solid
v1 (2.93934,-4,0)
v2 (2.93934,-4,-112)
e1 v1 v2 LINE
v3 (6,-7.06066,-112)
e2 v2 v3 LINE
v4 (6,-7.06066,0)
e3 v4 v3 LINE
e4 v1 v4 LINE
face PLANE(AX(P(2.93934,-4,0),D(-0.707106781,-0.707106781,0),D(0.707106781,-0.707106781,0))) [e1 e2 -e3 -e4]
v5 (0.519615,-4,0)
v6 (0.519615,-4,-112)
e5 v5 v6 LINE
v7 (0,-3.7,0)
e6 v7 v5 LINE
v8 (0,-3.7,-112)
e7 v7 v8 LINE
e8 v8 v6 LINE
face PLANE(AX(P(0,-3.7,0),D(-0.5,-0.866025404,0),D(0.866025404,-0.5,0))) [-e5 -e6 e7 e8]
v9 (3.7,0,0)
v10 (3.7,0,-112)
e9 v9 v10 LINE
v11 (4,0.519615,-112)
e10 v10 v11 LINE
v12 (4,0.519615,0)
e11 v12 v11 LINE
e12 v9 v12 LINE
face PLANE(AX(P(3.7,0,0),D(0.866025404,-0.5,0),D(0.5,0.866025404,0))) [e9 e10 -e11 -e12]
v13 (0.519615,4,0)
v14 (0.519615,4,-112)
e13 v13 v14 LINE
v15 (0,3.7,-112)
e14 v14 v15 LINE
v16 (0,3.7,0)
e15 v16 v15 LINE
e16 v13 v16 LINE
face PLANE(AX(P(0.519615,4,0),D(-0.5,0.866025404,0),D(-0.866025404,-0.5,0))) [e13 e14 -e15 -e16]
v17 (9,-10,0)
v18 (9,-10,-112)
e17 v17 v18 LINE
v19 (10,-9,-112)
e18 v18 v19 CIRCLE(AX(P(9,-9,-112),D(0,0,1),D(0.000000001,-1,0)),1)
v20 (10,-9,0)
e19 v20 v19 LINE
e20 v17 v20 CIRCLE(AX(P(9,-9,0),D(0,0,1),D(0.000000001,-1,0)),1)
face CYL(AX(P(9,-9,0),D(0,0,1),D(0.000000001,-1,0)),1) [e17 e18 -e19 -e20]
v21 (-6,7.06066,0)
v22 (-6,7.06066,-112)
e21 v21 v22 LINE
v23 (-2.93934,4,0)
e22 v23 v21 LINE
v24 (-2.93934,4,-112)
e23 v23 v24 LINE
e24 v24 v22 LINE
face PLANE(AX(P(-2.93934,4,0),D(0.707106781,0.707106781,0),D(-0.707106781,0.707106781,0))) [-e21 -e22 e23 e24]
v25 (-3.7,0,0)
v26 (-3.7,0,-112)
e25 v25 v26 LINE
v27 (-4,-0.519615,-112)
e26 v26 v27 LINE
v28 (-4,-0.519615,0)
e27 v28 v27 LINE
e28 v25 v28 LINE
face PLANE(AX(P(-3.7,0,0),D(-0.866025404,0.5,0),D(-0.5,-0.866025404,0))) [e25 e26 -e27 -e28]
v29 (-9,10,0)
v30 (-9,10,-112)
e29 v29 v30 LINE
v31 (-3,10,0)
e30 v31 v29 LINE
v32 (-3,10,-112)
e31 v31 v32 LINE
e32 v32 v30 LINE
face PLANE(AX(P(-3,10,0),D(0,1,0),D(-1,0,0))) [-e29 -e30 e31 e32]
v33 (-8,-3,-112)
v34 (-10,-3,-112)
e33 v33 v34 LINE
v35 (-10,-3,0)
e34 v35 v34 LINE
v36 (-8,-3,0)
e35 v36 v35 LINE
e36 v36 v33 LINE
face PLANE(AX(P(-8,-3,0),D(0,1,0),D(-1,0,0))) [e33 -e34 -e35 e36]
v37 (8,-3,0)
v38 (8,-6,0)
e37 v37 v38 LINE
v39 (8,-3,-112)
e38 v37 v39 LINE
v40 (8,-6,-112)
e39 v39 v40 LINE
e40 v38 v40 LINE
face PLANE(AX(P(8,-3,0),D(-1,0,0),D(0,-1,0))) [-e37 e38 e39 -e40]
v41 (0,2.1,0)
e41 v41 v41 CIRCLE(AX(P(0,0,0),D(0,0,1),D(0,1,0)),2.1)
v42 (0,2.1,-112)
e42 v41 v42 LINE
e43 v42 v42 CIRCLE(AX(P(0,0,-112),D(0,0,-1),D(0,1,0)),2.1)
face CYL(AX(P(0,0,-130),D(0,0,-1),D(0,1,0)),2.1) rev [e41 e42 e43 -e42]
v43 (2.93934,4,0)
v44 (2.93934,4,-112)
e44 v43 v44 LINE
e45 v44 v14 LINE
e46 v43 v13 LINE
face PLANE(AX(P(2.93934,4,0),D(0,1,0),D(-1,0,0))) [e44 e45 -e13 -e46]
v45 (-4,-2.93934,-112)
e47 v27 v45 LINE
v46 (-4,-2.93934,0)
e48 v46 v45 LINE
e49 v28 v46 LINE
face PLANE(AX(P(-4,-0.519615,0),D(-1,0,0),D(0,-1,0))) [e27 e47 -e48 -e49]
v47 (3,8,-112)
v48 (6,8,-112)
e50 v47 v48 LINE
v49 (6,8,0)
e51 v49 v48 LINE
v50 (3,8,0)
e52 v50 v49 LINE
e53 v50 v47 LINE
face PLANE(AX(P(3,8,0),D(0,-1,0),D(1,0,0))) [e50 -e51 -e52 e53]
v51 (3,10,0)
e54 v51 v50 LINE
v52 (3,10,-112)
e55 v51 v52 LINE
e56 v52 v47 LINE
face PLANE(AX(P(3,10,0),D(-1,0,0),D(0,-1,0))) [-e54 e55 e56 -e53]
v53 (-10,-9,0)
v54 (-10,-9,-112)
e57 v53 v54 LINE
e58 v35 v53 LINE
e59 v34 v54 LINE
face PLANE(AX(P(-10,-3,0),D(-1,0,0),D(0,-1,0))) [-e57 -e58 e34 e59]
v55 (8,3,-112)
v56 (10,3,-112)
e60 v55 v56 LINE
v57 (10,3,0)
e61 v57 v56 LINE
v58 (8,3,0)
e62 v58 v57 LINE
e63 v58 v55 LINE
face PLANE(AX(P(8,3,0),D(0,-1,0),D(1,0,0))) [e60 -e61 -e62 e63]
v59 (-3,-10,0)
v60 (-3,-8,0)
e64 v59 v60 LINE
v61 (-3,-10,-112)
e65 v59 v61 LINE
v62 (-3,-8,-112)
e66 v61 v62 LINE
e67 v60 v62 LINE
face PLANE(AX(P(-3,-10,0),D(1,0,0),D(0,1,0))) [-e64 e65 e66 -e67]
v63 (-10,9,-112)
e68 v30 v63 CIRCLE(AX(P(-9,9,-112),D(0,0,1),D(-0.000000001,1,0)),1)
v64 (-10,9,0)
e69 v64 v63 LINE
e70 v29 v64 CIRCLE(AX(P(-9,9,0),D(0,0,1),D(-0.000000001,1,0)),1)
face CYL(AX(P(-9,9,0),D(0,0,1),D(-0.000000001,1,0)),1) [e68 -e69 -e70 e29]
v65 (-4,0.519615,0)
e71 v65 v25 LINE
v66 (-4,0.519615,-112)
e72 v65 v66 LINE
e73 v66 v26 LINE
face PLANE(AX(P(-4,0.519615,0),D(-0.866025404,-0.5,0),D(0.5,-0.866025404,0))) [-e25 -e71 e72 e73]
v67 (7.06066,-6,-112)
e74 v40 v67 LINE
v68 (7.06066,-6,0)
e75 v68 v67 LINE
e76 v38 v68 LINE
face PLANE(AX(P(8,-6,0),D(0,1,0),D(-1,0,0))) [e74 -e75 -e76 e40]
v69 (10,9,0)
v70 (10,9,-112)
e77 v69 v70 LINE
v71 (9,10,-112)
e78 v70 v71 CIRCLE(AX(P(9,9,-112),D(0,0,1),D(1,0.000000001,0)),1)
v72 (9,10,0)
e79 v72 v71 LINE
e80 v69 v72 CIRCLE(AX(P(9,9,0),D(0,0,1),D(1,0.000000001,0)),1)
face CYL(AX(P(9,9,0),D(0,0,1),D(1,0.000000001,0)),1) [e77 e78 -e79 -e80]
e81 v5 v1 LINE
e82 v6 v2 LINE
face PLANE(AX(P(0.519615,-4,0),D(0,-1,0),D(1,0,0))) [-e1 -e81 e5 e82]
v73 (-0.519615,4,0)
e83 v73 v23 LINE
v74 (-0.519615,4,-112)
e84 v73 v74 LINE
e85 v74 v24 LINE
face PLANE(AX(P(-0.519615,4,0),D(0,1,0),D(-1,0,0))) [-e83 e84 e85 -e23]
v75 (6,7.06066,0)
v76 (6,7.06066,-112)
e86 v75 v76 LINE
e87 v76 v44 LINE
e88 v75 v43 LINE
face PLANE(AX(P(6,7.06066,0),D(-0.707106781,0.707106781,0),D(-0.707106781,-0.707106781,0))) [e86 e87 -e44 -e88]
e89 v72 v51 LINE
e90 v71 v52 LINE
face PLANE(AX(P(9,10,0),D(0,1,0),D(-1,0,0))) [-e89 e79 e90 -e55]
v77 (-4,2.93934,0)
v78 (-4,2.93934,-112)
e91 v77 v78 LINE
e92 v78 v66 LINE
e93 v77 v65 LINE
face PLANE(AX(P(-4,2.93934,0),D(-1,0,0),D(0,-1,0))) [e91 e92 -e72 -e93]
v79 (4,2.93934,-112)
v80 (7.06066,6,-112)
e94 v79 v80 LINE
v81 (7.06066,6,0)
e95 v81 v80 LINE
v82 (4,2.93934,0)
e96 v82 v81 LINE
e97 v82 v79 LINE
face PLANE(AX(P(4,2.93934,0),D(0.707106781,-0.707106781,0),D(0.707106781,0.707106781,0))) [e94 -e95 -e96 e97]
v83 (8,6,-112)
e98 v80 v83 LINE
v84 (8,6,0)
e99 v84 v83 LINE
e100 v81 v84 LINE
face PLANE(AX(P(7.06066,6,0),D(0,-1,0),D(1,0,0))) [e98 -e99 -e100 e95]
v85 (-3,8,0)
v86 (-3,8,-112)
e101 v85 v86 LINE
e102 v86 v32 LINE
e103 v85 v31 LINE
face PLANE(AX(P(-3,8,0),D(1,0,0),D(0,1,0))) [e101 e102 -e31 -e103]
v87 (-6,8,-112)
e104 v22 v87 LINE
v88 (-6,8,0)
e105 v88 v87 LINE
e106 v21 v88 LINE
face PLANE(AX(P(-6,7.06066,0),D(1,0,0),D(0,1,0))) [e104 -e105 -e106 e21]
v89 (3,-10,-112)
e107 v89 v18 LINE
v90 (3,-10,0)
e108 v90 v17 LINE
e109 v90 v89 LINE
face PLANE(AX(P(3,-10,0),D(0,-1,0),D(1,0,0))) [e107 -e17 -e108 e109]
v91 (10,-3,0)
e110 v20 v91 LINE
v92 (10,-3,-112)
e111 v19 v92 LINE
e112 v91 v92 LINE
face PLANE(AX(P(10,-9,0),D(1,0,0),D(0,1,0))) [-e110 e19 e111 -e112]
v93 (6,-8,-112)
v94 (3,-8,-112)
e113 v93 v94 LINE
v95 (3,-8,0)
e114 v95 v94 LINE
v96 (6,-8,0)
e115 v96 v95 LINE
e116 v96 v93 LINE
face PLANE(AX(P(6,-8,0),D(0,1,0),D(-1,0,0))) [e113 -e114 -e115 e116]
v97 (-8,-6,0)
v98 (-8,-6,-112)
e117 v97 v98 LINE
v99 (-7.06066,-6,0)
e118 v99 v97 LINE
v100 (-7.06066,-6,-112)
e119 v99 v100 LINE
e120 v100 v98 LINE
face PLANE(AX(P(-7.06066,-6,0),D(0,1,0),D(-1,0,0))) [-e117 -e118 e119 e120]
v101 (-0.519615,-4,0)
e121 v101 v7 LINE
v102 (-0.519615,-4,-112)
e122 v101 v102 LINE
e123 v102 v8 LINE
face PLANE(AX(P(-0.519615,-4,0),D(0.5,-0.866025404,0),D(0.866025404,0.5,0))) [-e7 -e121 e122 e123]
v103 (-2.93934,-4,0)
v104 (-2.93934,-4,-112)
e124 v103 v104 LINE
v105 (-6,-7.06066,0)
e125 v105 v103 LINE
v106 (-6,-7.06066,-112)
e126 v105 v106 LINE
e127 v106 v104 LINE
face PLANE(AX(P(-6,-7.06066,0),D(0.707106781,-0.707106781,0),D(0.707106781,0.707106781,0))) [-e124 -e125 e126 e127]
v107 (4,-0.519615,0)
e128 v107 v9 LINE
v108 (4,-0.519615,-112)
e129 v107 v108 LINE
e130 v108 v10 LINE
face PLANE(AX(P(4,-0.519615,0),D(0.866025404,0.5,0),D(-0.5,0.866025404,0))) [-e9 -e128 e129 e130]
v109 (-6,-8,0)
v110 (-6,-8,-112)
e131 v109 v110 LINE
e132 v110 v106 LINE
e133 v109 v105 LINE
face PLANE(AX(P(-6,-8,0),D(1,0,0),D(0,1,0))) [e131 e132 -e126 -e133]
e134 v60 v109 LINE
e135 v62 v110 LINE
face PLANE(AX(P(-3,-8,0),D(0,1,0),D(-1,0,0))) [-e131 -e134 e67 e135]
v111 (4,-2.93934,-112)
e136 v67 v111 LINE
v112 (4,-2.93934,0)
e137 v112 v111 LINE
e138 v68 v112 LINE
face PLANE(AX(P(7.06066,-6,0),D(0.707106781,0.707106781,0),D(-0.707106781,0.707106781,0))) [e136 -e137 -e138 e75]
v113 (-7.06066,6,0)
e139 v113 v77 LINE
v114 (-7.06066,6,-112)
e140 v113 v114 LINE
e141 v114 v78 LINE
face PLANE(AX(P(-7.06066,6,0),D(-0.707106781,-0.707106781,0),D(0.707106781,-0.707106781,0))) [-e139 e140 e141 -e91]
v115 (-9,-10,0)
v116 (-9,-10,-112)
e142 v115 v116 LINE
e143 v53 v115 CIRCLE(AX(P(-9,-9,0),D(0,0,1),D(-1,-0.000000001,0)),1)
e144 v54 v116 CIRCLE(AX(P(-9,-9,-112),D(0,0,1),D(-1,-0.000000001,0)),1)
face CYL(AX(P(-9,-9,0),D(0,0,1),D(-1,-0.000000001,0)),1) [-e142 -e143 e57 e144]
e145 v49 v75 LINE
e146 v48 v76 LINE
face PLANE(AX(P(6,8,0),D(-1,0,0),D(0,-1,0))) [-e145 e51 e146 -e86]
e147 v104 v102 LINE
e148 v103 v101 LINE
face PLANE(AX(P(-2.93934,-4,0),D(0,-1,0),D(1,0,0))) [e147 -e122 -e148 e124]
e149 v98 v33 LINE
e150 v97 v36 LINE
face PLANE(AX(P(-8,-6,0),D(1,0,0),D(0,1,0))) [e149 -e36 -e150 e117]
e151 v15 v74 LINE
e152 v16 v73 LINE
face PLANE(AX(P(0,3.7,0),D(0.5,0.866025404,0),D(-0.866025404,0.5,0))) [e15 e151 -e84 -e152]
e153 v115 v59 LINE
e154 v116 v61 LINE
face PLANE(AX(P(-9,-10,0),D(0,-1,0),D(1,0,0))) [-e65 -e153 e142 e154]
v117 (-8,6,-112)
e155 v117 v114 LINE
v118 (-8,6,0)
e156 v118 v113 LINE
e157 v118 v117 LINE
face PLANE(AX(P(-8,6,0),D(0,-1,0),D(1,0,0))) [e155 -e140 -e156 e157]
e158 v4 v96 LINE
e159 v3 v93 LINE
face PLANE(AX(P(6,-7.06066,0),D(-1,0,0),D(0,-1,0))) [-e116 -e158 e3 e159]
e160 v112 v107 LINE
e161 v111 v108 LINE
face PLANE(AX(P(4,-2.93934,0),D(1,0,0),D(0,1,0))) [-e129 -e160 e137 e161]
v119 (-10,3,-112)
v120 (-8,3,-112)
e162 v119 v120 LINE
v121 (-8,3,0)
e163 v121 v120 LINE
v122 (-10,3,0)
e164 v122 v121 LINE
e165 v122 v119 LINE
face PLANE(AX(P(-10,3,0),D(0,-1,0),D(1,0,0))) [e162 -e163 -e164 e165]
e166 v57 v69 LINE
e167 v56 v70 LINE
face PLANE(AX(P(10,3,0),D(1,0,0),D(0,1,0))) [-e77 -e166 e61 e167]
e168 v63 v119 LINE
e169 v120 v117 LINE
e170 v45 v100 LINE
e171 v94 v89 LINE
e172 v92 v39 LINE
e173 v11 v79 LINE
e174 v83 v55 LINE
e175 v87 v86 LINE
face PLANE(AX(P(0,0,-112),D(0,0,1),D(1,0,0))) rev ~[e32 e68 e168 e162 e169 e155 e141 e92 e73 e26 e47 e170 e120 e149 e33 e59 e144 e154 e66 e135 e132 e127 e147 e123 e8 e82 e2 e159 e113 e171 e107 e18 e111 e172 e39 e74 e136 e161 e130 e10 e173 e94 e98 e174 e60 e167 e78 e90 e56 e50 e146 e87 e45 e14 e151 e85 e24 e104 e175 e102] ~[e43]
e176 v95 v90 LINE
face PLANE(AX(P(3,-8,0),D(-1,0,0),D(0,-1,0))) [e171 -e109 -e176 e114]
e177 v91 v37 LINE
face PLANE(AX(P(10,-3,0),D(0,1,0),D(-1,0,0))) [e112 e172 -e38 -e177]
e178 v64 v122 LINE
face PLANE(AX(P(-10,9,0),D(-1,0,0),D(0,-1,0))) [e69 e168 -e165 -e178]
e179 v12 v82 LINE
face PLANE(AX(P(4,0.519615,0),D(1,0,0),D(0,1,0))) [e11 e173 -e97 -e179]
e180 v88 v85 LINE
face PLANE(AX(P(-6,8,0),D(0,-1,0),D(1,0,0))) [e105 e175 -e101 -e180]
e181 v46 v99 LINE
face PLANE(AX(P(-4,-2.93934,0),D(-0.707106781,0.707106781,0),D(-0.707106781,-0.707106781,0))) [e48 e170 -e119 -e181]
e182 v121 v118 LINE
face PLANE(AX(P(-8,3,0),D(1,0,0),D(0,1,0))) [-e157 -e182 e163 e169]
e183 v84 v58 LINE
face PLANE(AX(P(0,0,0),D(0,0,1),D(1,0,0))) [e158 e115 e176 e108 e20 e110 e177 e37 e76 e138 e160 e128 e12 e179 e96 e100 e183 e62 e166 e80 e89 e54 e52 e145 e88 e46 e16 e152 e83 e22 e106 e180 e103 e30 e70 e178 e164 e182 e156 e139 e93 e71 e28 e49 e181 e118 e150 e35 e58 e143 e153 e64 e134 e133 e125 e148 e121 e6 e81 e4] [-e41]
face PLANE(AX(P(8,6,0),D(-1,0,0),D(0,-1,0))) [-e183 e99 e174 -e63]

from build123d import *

# Parameters (mm, degrees)
EXTRUDE_1_DEPTH = 112
SKETCH_2_W      = 260
SKETCH_2_H      = 2.1


with BuildPart() as part:
    # ｽｹｯﾁ1 → ﾎﾞｽ - 押し出し1 (new body)
    with BuildSketch(Plane.XY):
        with BuildLine():
            Line((-10, -3), (-10, -9))
            ThreePointArc((-10, -9), (-9.707106781, -9.707106781), (-9, -10))
            Line((-9, -10), (-3, -10))
            Line((-3, -10), (-3, -8))
            Line((-3, -8), (-6, -8))
            Line((-6, -8), (-6, -7.060660172))
            Line((-6, -7.060660172), (-2.939339828, -4))
            Line((-2.939339828, -4), (-0.519615242, -4))
            Line((-0.519615242, -4), (0, -3.7))
            Line((0, -3.7), (0.519615242, -4))
            Line((0.519615242, -4), (2.939339828, -4))
            Line((2.939339828, -4), (6, -7.060660172))
            Line((6, -7.060660172), (6, -8))
            Line((6, -8), (3, -8))
            Line((3, -8), (3, -10))
            Line((3, -10), (9, -10))
            ThreePointArc((9, -10), (9.707106781, -9.707106781), (10, -9))
            Line((10, -9), (10, -3))
            Line((10, -3), (8, -3))
            Line((8, -3), (8, -6))
            Line((8, -6), (7.060660172, -6))
            Line((7.060660172, -6), (4, -2.939339828))
            Line((4, -2.939339828), (4, -0.519615242))
            Line((4, -0.519615242), (3.7, 0))
            Line((3.7, 0), (4, 0.519615242))
            Line((4, 0.519615242), (4, 2.939339828))
            Line((4, 2.939339828), (7.060660172, 6))
            Line((7.060660172, 6), (8, 6))
            Line((8, 6), (8, 3))
            Line((8, 3), (10, 3))
            Line((10, 3), (10, 9))
            ThreePointArc((10, 9), (9.707106781, 9.707106781), (9, 10))
            Line((9, 10), (3, 10))
            Line((3, 10), (3, 8))
            Line((3, 8), (6, 8))
            Line((6, 8), (6, 7.060660172))
            Line((6, 7.060660172), (2.939339828, 4))
            Line((2.939339828, 4), (0.519615242, 4))
            Line((0.519615242, 4), (0, 3.7))
            Line((0, 3.7), (-0.519615242, 4))
            Line((-0.519615242, 4), (-2.939339828, 4))
            Line((-2.939339828, 4), (-6, 7.060660172))
            Line((-6, 7.060660172), (-6, 8))
            Line((-6, 8), (-3, 8))
            Line((-3, 8), (-3, 10))
            Line((-3, 10), (-9, 10))
            ThreePointArc((-9, 10), (-9.707106781, 9.707106781), (-10, 9))
            Line((-10, 9), (-10, 3))
            Line((-10, 3), (-8, 3))
            Line((-8, 3), (-8, 6))
            Line((-8, 6), (-7.060660172, 6))
            Line((-7.060660172, 6), (-4, 2.939339828))
            Line((-4, 2.939339828), (-4, 0.519615242))
            Line((-4, 0.519615242), (-3.7, 0))
            Line((-3.7, 0), (-4, -0.519615242))
            Line((-4, -0.519615242), (-4, -2.939339828))
            Line((-4, -2.939339828), (-7.060660172, -6))
            Line((-7.060660172, -6), (-8, -6))
            Line((-8, -6), (-8, -3))
            Line((-8, -3), (-10, -3))
        make_face()
    extrude(amount=-EXTRUDE_1_DEPTH)

    # ｽｹｯﾁ2 → ｶｯﾄ - 回転1 (revolve, cut)
    with BuildSketch(Plane(origin=(0, 0, 0), x_dir=(0, 0, -1), z_dir=(1, 0, 0))):
        with Locations((130, 1.05)):
            Rectangle(SKETCH_2_W, SKETCH_2_H)
    revolve(axis=Axis((0, 0, -260), (0, 0, 1)), mode=Mode.SUBTRACT)


solid = part.part
